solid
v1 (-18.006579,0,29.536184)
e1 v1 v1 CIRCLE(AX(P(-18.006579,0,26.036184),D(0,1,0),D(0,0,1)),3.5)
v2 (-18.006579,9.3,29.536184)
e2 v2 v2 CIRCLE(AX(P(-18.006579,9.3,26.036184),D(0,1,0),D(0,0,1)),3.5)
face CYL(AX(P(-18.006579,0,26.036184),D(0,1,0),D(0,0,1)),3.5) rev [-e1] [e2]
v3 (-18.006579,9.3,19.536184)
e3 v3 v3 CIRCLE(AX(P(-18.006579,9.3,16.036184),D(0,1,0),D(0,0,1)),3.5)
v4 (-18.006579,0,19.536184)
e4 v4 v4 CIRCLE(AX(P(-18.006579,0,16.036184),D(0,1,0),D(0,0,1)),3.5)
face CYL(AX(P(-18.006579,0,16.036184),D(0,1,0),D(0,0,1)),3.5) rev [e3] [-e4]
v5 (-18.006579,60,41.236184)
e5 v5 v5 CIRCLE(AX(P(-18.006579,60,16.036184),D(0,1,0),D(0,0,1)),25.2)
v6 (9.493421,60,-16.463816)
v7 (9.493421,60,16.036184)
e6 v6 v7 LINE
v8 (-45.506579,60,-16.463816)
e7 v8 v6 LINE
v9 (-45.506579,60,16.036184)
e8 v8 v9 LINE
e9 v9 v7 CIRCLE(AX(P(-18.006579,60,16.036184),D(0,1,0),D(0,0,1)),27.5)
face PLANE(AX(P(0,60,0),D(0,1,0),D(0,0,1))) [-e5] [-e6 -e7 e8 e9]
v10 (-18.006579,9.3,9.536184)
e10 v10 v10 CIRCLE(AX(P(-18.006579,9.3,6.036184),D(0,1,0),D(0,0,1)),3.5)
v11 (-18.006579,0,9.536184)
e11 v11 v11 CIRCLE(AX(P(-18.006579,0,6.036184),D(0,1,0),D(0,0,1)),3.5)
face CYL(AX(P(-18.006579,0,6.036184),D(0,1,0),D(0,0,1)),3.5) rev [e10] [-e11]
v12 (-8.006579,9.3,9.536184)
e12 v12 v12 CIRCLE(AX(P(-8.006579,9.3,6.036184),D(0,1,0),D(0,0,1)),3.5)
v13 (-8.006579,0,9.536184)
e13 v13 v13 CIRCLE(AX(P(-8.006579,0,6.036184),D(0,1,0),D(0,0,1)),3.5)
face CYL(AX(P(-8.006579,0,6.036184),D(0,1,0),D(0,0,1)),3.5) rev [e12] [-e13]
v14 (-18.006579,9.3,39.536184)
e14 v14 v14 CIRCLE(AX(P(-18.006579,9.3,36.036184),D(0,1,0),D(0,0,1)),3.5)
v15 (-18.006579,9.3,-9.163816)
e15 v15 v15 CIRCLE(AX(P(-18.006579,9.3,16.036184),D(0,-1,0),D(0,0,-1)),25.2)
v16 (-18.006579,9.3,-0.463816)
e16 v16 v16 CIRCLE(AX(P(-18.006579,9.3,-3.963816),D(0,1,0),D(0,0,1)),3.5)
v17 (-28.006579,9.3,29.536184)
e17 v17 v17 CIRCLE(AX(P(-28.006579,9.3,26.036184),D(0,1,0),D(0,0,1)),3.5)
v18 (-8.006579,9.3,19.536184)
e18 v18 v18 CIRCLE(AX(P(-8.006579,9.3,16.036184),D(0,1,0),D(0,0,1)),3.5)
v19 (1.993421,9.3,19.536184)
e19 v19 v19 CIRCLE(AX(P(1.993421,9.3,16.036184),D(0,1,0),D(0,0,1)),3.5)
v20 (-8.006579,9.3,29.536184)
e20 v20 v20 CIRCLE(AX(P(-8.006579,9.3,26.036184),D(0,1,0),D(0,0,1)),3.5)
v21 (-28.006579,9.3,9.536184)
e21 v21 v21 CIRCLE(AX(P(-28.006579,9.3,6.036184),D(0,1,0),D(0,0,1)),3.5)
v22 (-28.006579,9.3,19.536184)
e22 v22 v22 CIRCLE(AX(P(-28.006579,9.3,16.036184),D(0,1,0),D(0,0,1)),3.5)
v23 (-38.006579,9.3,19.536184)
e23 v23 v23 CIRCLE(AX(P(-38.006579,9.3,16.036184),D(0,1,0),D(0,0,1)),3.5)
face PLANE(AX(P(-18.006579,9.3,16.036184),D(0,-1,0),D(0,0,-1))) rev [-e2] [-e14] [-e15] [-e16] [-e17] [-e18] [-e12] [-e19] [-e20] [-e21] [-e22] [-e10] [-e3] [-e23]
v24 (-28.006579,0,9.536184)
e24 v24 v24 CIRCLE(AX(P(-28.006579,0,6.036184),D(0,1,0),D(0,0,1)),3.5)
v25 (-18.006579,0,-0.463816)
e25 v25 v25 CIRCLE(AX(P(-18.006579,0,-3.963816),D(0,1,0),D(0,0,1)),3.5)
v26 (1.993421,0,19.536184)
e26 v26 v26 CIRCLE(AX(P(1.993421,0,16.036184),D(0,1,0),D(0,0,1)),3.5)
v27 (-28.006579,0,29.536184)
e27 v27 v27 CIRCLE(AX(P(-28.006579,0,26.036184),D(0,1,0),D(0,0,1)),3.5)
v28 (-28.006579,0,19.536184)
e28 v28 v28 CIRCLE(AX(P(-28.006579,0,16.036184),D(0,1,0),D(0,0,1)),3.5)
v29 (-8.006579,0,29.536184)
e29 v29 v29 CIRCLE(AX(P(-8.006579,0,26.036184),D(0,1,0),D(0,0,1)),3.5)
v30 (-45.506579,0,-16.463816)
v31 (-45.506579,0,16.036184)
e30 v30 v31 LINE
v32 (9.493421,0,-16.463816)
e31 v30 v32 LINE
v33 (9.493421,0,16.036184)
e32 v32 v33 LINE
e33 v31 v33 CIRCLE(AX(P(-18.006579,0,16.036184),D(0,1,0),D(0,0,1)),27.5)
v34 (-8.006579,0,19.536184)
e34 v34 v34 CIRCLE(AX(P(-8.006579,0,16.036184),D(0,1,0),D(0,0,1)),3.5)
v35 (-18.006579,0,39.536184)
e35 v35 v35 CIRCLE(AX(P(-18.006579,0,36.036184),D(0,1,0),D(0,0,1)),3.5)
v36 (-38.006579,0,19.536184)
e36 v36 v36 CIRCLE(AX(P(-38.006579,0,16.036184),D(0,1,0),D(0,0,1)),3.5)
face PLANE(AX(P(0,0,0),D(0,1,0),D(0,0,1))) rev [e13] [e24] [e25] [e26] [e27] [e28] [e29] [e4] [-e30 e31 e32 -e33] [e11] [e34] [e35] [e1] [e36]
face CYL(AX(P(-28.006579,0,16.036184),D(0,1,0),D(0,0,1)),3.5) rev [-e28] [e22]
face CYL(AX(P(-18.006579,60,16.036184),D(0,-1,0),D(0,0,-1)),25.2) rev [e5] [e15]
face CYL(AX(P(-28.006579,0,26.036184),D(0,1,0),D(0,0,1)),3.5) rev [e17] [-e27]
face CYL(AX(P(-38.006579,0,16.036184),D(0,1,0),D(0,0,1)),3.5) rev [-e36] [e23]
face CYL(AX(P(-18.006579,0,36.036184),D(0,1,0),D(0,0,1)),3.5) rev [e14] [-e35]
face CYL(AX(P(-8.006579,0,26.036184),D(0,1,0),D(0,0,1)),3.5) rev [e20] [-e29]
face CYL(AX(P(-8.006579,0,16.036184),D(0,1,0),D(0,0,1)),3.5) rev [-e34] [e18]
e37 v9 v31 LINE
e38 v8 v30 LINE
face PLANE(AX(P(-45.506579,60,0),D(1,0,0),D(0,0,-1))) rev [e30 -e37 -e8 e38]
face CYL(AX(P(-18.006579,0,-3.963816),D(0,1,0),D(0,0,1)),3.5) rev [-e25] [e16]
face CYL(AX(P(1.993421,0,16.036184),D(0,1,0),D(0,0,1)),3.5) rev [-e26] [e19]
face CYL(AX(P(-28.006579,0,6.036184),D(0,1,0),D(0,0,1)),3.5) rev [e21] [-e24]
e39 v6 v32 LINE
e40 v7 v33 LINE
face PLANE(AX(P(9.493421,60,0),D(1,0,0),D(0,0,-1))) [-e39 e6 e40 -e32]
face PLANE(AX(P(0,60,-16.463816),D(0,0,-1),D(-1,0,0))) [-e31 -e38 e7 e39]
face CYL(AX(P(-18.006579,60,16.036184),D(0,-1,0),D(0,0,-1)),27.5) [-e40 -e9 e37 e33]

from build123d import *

# Parameters (mm, degrees)
SKETCH1_R           = 25.2
BOSS_EXTRUDE2_DEPTH = 60
SKETCH3_R           = 25.2
BOSS_EXTRUDE3_DEPTH = 9.3
SKETCH4_R           = 3.5
CUT_EXTRUDE1_DEPTH  = 9.3


with BuildPart() as part:
    # Sketch1 → Boss-Extrude2 (new body)
    with BuildSketch(Plane(origin=(0, 0, 0), x_dir=(1, 0, 0), z_dir=(0, 1, 0))):
        with BuildLine():
            Line((9.493421053, 16.463815789), (-45.506578947, 16.463815789))
            Line((-45.506578947, 16.463815789), (-45.506578947, -16.036184211))
            ThreePointArc((-45.506578947, -16.036184211), (-18.006578947, -43.536184211), (9.493421053, -16.036184211))
            Line((9.493421053, -16.036184211), (9.493421053, 16.463815789))
        make_face()
        with Locations((-18.006578947, -16.036184211)):
            Circle(SKETCH1_R, mode=Mode.SUBTRACT)
    extrude(amount=BOSS_EXTRUDE2_DEPTH)

    # Sketch3 → Boss-Extrude3 (add)
    with BuildSketch(Plane(origin=(0, 0, 0), x_dir=(-1, 0, 0), z_dir=(0, -1, 0))):
        with Locations((18.006578947, -16.036184211)):
            Circle(SKETCH3_R)
    extrude(amount=-BOSS_EXTRUDE3_DEPTH)

    # Sketch4 → Cut-Extrude1 (cut)
    with BuildSketch(Plane(origin=(0, 9.3, 0), x_dir=(1, 0, 0), z_dir=(0, 1, 0))):
        with BuildLine():
            ThreePointArc((-18.006578947, 7.463815789), (-21.506578947, 3.963815789), (-18.006578947, 0.463815789))
            Line((-18.006578947, 0.463815789), (-18.006578947, 7.463815789))
        make_face()
        with BuildLine():
            Line((-18.006578947, 7.463815789), (-18.006578947, 0.463815789))
            ThreePointArc((-18.006578947, 0.463815789), (-15.531705213, 1.488942055), (-14.506578947, 3.963815789))
            ThreePointArc((-14.506578947, 3.963815789), (-15.531705213, 6.438689524), (-18.006578947, 7.463815789))
        make_face()
        with BuildLine():
            ThreePointArc((-18.006578947, -2.536184211), (-21.506578947, -6.036184211), (-18.006578947, -9.536184211))
            Line((-18.006578947, -9.536184211), (-18.006578947, -2.536184211))
        make_face()
        with BuildLine():
            Line((-18.006578947, -2.536184211), (-18.006578947, -9.536184211))
            ThreePointArc((-18.006578947, -9.536184211), (-15.531705213, -8.511057945), (-14.506578947, -6.036184211))
            ThreePointArc((-14.506578947, -6.036184211), (-15.531705213, -3.561310476), (-18.006578947, -2.536184211))
        make_face()
        with Locations((-28.006578947, -6.036184211)):
            Circle(SKETCH4_R)
        with Locations((-8.006578947, -6.036184211)):
            Circle(SKETCH4_R)
        with BuildLine():
            ThreePointArc((-4.506578947, -16.036184211), (-8.006578947, -12.536184211), (-11.506578947, -16.036184211))
            Line((-11.506578947, -16.036184211), (-4.506578947, -16.036184211))
        make_face()
        with BuildLine():
            Line((-4.506578947, -16.036184211), (-11.506578947, -16.036184211))
            ThreePointArc((-11.506578947, -16.036184211), (-8.006578947, -19.536184211), (-4.506578947, -16.036184211))
        make_face()
        with BuildLine():
            ThreePointArc((5.493421053, -16.036184211), (1.993421053, -12.536184211), (-1.506578947, -16.036184211))
            Line((-1.506578947, -16.036184211), (5.493421053, -16.036184211))
        make_face()
        with BuildLine():
            Line((5.493421053, -16.036184211), (-1.506578947, -16.036184211))
            ThreePointArc((-1.506578947, -16.036184211), (1.993421053, -19.536184211), (5.493421053, -16.036184211))
        make_face()
        with BuildLine():
            ThreePointArc((-21.506578947, -16.036184211), (-20.481452682, -18.511057945), (-18.006578947, -19.536184211))
            Line((-18.006578947, -19.536184211), (-18.006578947, -16.036184211))
            Line((-18.006578947, -16.036184211), (-21.506578947, -16.036184211))
        make_face()
        with BuildLine():
            Line((-18.006578947, -16.036184211), (-18.006578947, -19.536184211))
            ThreePointArc((-18.006578947, -19.536184211), (-15.531705213, -18.511057945), (-14.506578947, -16.036184211))
            Line((-14.506578947, -16.036184211), (-18.006578947, -16.036184211))
        make_face()
        with BuildLine():
            Line((-21.506578947, -16.036184211), (-18.006578947, -16.036184211))
            Line((-18.006578947, -16.036184211), (-18.006578947, -12.536184211))
            ThreePointArc((-18.006578947, -12.536184211), (-20.481452682, -13.561310476), (-21.506578947, -16.036184211))
        make_face()
        with BuildLine():
            Line((-18.006578947, -12.536184211), (-18.006578947, -16.036184211))
            Line((-18.006578947, -16.036184211), (-14.506578947, -16.036184211))
            ThreePointArc((-14.506578947, -16.036184211), (-15.531705213, -13.561310476), (-18.006578947, -12.536184211))
        make_face()
        with BuildLine():
            ThreePointArc((-41.506578947, -16.036184211), (-38.006578947, -19.536184211), (-34.506578947, -16.036184211))
            Line((-34.506578947, -16.036184211), (-41.506578947, -16.036184211))
        make_face()
        with BuildLine():
            Line((-41.506578947, -16.036184211), (-34.506578947, -16.036184211))
            ThreePointArc((-34.506578947, -16.036184211), (-38.006578947, -12.536184211), (-41.506578947, -16.036184211))
        make_face()
        with Locations((-28.006578947, -26.036184211)):
            Circle(SKETCH4_R)
        with BuildLine():
            ThreePointArc((-18.006578947, -22.536184211), (-21.506578947, -26.036184211), (-18.006578947, -29.536184211))
            Line((-18.006578947, -29.536184211), (-18.006578947, -22.536184211))
        make_face()
        with BuildLine():
            Line((-18.006578947, -22.536184211), (-18.006578947, -29.536184211))
            ThreePointArc((-18.006578947, -29.536184211), (-15.531705213, -28.511057945), (-14.506578947, -26.036184211))
            ThreePointArc((-14.506578947, -26.036184211), (-15.531705213, -23.561310476), (-18.006578947, -22.536184211))
        make_face()
        with Locations((-8.006578947, -26.036184211)):
            Circle(SKETCH4_R)
        with BuildLine():
            ThreePointArc((-18.006578947, -32.536184211), (-21.506578947, -36.036184211), (-18.006578947, -39.536184211))
            Line((-18.006578947, -39.536184211), (-18.006578947, -32.536184211))
        make_face()
        with BuildLine():
            Line((-18.006578947, -32.536184211), (-18.006578947, -39.536184211))
            ThreePointArc((-18.006578947, -39.536184211), (-15.531705213, -38.511057945), (-14.506578947, -36.036184211))
            ThreePointArc((-14.506578947, -36.036184211), (-15.531705213, -33.561310476), (-18.006578947, -32.536184211))
        make_face()
        with BuildLine():
            ThreePointArc((-31.506578947, -16.036184211), (-28.006578947, -19.536184211), (-24.506578947, -16.036184211))
            Line((-24.506578947, -16.036184211), (-31.506578947, -16.036184211))
        make_face()
        with BuildLine():
            Line((-31.506578947, -16.036184211), (-24.506578947, -16.036184211))
            ThreePointArc((-24.506578947, -16.036184211), (-28.006578947, -12.536184211), (-31.506578947, -16.036184211))
        make_face()
    extrude(amount=-CUT_EXTRUDE1_DEPTH, mode=Mode.SUBTRACT)


solid = part.part
